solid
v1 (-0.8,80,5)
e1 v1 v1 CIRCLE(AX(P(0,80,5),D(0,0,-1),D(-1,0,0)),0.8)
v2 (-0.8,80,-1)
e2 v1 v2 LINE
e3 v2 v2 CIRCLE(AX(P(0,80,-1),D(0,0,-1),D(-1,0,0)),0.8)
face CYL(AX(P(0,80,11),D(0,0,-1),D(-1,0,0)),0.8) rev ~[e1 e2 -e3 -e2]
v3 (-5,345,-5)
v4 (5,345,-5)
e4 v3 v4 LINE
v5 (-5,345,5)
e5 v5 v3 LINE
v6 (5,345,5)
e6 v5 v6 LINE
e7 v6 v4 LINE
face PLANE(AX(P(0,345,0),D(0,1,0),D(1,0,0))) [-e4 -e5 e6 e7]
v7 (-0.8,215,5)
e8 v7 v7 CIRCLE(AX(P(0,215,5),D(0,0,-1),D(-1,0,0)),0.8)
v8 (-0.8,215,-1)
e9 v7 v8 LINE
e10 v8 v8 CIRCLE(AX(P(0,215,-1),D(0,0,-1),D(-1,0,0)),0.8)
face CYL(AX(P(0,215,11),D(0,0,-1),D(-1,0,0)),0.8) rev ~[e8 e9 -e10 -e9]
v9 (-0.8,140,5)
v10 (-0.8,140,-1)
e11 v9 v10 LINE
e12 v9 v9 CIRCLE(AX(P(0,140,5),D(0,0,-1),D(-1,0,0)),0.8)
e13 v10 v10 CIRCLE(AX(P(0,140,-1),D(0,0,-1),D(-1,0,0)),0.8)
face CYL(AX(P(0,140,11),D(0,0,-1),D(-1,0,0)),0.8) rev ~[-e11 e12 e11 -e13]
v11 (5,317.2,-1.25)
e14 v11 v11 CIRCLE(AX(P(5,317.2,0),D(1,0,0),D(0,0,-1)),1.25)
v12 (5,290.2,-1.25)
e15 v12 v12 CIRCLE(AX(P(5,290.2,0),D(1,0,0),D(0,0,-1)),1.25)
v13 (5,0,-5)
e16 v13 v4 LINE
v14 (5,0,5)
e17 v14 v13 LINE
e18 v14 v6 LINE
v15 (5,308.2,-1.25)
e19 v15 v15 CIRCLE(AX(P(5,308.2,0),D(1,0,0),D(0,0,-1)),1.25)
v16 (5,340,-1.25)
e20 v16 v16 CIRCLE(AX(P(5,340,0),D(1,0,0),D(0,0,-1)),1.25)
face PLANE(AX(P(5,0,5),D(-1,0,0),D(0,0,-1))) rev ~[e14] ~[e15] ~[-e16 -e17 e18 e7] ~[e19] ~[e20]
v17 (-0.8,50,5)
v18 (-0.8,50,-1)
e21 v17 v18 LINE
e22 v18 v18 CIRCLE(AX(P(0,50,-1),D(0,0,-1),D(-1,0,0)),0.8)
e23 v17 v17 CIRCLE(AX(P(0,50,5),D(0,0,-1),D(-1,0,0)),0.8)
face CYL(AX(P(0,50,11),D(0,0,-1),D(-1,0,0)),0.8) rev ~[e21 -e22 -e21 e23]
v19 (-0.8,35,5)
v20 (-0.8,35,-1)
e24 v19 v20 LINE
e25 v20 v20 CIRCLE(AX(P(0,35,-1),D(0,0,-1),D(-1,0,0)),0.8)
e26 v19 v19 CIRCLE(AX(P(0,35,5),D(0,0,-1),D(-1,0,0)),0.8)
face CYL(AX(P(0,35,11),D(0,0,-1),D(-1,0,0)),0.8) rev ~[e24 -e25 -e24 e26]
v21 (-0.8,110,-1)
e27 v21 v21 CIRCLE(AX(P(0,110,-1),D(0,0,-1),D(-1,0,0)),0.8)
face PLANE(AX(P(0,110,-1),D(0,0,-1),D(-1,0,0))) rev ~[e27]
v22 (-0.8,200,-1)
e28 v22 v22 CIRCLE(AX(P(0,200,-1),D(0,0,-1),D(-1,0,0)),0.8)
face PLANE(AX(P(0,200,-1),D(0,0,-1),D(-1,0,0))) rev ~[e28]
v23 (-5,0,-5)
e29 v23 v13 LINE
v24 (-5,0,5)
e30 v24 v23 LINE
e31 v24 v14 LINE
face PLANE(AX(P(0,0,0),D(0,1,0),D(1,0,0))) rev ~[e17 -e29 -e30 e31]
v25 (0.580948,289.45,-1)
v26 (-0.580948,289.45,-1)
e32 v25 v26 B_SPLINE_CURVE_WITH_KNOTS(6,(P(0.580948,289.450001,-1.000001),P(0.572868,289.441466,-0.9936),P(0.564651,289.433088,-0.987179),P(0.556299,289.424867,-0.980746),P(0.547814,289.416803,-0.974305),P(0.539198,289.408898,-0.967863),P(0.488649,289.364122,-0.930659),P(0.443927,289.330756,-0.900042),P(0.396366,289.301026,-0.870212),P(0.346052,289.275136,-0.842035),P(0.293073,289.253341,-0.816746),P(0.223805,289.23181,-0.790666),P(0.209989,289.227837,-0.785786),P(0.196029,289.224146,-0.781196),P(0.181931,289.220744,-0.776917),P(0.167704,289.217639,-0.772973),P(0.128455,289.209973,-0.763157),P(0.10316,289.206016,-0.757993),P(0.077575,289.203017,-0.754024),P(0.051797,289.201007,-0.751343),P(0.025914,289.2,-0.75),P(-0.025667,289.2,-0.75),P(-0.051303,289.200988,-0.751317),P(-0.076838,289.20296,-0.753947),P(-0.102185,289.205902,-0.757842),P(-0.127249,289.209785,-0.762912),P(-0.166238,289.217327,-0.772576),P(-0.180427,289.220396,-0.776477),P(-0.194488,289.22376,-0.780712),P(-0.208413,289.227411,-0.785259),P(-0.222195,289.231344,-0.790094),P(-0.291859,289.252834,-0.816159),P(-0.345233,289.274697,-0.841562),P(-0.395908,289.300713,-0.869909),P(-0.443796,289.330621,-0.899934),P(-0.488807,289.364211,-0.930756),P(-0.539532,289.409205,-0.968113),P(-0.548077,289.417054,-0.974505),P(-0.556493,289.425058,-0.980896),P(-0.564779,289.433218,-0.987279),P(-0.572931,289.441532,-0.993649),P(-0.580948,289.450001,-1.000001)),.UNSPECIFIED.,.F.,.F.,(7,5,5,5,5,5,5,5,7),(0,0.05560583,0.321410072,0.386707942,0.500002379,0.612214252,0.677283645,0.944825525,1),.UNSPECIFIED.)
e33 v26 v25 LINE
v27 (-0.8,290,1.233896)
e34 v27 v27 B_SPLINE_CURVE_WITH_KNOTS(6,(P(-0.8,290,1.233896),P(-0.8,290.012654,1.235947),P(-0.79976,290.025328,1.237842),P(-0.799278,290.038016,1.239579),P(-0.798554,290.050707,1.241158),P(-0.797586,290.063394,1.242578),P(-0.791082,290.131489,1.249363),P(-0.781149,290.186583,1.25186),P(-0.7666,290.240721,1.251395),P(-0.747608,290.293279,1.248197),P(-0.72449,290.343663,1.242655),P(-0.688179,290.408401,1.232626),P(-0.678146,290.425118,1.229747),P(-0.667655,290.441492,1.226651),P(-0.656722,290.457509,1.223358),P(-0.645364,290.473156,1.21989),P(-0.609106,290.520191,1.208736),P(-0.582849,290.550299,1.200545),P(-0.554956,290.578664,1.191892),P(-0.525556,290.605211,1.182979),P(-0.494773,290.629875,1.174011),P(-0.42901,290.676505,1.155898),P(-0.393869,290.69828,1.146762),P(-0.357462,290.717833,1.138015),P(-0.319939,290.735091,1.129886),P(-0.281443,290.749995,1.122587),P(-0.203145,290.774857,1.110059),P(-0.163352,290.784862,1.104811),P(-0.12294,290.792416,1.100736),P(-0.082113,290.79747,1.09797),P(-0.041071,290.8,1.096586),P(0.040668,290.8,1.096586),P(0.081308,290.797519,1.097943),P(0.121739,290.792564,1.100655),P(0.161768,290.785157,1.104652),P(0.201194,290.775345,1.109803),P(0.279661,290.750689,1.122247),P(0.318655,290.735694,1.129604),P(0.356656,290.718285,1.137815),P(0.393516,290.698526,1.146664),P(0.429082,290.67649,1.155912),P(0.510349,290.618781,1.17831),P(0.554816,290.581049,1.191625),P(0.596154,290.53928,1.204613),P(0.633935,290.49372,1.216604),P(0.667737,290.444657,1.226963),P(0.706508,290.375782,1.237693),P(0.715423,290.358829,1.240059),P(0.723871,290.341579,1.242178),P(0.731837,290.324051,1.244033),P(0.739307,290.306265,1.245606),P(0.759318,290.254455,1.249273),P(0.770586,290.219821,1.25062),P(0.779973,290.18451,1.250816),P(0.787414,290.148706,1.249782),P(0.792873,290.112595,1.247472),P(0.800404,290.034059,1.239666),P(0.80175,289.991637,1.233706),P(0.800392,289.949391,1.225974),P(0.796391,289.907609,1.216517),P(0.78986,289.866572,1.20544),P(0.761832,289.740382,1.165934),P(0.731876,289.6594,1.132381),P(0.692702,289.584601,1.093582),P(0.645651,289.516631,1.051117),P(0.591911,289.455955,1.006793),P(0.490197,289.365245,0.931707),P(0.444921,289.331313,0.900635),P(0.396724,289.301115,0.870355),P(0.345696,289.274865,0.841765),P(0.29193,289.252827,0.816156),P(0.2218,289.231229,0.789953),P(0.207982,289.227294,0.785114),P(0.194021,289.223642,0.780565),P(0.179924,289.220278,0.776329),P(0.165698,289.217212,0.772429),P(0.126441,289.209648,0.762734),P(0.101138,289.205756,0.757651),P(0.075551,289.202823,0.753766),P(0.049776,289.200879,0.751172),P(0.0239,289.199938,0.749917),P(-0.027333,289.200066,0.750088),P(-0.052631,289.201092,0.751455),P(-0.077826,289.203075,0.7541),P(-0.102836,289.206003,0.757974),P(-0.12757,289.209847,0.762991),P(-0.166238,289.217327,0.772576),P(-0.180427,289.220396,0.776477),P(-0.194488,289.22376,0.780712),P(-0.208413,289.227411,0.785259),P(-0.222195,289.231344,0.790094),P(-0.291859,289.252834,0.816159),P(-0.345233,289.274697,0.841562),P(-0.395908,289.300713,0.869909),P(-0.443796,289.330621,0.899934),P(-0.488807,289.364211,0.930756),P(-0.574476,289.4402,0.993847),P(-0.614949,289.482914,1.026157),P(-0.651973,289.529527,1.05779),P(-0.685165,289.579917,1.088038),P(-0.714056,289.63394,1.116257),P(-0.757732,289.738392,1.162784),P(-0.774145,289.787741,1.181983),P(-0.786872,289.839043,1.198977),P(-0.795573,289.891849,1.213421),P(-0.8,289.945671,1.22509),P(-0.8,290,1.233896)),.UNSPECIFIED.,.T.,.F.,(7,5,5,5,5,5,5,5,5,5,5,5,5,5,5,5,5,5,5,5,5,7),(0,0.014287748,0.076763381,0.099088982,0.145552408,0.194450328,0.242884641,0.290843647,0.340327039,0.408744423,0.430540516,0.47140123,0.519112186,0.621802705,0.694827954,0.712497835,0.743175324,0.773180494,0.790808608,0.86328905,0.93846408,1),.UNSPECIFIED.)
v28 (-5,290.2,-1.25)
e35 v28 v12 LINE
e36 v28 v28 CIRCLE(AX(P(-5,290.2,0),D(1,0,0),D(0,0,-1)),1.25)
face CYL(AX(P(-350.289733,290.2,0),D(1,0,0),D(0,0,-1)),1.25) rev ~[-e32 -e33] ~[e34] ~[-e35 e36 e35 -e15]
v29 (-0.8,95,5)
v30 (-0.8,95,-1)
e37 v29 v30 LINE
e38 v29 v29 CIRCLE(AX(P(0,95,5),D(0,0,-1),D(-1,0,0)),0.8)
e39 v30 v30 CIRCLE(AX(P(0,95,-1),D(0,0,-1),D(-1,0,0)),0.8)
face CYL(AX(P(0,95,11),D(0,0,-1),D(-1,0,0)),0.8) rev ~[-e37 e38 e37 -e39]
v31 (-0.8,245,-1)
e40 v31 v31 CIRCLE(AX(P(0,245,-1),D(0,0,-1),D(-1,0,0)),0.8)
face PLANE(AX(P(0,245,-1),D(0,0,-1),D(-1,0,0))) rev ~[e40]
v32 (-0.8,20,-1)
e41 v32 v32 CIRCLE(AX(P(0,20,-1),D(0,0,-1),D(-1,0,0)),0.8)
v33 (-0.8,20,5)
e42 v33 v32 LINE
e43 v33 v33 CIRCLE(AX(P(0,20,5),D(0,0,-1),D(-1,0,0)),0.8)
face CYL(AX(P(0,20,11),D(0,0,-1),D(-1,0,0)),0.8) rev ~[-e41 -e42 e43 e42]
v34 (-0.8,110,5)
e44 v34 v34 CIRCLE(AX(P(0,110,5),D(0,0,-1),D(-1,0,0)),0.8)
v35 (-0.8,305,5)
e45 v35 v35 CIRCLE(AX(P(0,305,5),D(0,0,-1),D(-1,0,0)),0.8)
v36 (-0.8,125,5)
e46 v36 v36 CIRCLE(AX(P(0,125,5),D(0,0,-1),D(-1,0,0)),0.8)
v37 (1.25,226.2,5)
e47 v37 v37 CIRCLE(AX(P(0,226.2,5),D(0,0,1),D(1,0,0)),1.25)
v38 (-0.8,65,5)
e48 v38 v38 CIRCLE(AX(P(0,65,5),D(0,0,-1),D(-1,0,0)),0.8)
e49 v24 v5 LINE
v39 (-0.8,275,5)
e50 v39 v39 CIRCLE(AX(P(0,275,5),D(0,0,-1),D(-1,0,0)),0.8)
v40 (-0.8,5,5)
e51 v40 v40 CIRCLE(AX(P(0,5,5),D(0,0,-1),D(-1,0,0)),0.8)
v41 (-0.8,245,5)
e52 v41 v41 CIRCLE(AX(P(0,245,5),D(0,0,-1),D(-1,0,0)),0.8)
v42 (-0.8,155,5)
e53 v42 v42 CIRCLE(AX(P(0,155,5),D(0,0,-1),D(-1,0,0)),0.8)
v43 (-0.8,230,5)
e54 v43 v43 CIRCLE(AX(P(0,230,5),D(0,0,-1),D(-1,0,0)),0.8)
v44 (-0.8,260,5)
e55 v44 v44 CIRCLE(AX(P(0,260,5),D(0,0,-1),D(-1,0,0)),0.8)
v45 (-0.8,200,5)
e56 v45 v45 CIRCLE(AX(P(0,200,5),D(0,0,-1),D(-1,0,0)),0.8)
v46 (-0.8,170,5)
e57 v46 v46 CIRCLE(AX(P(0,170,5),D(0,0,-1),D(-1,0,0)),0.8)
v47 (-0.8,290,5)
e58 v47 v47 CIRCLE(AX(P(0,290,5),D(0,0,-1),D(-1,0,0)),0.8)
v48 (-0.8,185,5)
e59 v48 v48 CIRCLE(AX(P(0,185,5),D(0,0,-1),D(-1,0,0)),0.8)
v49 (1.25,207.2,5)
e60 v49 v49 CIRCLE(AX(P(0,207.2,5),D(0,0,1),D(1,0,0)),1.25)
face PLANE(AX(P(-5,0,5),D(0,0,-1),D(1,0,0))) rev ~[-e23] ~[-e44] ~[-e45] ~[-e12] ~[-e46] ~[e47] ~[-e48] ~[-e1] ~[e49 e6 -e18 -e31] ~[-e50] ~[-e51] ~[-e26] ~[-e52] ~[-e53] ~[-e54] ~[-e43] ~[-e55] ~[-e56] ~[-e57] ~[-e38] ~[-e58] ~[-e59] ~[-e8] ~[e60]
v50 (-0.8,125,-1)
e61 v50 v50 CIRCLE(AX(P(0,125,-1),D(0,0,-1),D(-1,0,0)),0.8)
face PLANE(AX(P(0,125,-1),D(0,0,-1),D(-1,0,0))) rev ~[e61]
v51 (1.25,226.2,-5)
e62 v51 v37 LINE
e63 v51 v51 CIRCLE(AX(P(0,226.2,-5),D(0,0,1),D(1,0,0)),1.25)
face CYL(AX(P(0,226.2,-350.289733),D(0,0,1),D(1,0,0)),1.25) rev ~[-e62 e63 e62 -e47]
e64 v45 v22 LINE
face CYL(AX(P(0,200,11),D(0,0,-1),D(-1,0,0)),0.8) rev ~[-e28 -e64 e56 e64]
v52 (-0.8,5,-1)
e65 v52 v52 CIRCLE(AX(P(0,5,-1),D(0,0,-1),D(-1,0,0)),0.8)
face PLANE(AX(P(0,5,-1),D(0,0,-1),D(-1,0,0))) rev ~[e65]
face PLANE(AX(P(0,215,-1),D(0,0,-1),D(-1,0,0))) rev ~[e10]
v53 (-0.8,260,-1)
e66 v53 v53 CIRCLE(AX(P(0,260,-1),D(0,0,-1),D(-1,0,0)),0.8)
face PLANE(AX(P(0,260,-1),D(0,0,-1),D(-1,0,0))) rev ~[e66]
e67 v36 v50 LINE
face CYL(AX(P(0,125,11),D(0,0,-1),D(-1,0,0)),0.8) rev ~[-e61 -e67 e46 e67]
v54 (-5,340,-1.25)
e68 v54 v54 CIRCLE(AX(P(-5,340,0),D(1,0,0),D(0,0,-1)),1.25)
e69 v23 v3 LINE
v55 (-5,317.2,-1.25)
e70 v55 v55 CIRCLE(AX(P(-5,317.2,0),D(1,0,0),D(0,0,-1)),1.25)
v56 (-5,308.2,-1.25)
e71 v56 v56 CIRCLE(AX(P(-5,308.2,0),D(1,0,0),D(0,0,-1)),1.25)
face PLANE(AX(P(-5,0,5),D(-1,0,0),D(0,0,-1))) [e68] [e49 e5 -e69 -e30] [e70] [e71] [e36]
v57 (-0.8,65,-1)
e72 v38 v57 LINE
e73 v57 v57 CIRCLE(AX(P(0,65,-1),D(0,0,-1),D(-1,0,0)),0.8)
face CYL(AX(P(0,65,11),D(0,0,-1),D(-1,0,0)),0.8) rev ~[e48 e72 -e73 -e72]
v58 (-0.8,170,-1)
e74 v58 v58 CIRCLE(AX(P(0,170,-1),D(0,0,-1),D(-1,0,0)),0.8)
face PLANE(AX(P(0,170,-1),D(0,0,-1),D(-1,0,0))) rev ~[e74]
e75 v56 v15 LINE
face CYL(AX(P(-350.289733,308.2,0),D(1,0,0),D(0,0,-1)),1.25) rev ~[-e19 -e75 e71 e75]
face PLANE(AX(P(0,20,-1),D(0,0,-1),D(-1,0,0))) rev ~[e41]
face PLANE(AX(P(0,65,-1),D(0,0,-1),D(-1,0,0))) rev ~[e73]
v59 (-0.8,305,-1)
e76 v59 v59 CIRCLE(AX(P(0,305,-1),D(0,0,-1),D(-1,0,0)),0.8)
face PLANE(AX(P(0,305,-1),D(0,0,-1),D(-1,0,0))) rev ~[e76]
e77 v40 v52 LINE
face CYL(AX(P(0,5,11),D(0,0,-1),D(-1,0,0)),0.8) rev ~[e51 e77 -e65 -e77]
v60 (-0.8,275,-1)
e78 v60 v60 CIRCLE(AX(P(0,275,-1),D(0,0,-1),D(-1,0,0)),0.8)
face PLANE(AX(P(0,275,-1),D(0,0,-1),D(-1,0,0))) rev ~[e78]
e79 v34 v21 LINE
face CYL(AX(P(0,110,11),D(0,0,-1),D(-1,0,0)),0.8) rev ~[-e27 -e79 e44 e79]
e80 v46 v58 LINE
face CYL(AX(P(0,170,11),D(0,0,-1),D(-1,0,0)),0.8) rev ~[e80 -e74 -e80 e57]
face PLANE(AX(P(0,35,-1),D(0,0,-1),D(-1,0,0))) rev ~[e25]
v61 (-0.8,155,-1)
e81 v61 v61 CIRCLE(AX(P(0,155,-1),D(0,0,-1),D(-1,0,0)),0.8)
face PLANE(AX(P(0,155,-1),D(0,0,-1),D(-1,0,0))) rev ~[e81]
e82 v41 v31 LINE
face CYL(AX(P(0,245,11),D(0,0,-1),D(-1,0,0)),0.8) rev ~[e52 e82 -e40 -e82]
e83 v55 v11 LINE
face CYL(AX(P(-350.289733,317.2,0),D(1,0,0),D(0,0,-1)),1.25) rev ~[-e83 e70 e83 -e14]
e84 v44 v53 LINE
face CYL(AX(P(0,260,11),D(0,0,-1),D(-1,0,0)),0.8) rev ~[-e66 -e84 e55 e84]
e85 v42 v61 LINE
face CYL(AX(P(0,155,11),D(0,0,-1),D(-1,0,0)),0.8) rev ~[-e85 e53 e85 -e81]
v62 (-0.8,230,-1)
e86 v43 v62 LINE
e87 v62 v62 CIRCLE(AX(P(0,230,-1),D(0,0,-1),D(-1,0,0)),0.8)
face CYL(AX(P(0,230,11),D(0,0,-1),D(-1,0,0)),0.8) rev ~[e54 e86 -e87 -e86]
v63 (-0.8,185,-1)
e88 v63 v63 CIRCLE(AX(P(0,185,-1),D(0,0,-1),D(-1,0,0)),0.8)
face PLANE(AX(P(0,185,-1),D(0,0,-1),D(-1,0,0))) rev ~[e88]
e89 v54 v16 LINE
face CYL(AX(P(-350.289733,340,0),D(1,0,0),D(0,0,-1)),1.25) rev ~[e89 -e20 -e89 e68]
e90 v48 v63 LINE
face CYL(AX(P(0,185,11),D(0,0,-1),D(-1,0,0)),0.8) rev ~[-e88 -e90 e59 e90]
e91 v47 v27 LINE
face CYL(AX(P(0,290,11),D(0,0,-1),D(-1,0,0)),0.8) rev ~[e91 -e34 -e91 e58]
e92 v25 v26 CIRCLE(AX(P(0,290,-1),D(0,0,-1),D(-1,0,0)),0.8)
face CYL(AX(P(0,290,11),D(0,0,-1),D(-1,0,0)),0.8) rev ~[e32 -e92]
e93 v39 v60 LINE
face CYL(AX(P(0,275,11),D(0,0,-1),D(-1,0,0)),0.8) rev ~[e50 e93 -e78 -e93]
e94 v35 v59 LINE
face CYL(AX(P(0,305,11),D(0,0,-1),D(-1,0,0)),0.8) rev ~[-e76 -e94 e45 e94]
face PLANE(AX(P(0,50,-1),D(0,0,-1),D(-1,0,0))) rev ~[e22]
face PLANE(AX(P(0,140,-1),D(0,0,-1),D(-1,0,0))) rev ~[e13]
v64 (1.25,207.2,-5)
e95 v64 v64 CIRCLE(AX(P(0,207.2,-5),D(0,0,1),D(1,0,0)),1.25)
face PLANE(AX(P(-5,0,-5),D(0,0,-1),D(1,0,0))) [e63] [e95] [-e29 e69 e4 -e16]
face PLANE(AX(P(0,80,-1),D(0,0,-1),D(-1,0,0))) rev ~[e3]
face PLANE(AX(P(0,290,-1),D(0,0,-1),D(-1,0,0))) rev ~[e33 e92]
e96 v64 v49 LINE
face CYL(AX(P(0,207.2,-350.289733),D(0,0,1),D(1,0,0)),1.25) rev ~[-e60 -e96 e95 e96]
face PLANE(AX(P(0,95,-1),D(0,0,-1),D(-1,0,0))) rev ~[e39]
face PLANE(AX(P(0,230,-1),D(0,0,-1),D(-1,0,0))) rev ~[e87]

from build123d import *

# Parameters (mm, degrees)
ESQUISSE1_W               = 10
ESQUISSE1_H               = 10
BOSS_EXTRU_1_DEPTH        = 345
TROU_TARAUD_M3X0_51_D     = 2.5
TROU_TARAUD_M2X0_41_D     = 1.6
TROU_TARAUD_M2X0_41_DEPTH = 6
TROU_TARAUD_M3X0_52_D     = 2.5


with BuildPart() as part:
    # Esquisse1 → Boss.-Extru.1 (new body)
    with BuildSketch(Plane(origin=(0, 0, 0), x_dir=(1, 0, 0), z_dir=(0, 1, 0))):
        Rectangle(ESQUISSE1_W, ESQUISSE1_H)
    extrude(amount=BOSS_EXTRU_1_DEPTH)

    # Trou taraudé M3x0.51 (through all)
    with Locations(Plane.ZY.offset(5)):
        with Locations((0, 340), (0, 317.2), (0, 308.2), (0, 290.2)):
            Hole(TROU_TARAUD_M3X0_51_D / 2)

    # Trou taraudé M2x0.41
    with Locations(Plane.XY.offset(5)):
        with Locations((0, 5), (0, 20), (0, 35), (0, 50), (0, 65), (0, 80), (0, 95), (0, 110), (0, 125), (0, 140), (0, 155), (0, 170), (0, 185), (0, 200), (0, 215), (0, 230), (0, 245), (0, 260), (0, 290), (0, 275), (0, 305)):
            Hole(TROU_TARAUD_M2X0_41_D / 2, depth=TROU_TARAUD_M2X0_41_DEPTH)

    # Trou taraudé M3x0.52 (through all)
    with Locations(Plane(origin=(0, 0, -5), x_dir=(-1, 0, 0), z_dir=(0, 0, -1))):
        with Locations((0, 226.2), (0, 207.2)):
            Hole(TROU_TARAUD_M3X0_52_D / 2)


solid = part.part
